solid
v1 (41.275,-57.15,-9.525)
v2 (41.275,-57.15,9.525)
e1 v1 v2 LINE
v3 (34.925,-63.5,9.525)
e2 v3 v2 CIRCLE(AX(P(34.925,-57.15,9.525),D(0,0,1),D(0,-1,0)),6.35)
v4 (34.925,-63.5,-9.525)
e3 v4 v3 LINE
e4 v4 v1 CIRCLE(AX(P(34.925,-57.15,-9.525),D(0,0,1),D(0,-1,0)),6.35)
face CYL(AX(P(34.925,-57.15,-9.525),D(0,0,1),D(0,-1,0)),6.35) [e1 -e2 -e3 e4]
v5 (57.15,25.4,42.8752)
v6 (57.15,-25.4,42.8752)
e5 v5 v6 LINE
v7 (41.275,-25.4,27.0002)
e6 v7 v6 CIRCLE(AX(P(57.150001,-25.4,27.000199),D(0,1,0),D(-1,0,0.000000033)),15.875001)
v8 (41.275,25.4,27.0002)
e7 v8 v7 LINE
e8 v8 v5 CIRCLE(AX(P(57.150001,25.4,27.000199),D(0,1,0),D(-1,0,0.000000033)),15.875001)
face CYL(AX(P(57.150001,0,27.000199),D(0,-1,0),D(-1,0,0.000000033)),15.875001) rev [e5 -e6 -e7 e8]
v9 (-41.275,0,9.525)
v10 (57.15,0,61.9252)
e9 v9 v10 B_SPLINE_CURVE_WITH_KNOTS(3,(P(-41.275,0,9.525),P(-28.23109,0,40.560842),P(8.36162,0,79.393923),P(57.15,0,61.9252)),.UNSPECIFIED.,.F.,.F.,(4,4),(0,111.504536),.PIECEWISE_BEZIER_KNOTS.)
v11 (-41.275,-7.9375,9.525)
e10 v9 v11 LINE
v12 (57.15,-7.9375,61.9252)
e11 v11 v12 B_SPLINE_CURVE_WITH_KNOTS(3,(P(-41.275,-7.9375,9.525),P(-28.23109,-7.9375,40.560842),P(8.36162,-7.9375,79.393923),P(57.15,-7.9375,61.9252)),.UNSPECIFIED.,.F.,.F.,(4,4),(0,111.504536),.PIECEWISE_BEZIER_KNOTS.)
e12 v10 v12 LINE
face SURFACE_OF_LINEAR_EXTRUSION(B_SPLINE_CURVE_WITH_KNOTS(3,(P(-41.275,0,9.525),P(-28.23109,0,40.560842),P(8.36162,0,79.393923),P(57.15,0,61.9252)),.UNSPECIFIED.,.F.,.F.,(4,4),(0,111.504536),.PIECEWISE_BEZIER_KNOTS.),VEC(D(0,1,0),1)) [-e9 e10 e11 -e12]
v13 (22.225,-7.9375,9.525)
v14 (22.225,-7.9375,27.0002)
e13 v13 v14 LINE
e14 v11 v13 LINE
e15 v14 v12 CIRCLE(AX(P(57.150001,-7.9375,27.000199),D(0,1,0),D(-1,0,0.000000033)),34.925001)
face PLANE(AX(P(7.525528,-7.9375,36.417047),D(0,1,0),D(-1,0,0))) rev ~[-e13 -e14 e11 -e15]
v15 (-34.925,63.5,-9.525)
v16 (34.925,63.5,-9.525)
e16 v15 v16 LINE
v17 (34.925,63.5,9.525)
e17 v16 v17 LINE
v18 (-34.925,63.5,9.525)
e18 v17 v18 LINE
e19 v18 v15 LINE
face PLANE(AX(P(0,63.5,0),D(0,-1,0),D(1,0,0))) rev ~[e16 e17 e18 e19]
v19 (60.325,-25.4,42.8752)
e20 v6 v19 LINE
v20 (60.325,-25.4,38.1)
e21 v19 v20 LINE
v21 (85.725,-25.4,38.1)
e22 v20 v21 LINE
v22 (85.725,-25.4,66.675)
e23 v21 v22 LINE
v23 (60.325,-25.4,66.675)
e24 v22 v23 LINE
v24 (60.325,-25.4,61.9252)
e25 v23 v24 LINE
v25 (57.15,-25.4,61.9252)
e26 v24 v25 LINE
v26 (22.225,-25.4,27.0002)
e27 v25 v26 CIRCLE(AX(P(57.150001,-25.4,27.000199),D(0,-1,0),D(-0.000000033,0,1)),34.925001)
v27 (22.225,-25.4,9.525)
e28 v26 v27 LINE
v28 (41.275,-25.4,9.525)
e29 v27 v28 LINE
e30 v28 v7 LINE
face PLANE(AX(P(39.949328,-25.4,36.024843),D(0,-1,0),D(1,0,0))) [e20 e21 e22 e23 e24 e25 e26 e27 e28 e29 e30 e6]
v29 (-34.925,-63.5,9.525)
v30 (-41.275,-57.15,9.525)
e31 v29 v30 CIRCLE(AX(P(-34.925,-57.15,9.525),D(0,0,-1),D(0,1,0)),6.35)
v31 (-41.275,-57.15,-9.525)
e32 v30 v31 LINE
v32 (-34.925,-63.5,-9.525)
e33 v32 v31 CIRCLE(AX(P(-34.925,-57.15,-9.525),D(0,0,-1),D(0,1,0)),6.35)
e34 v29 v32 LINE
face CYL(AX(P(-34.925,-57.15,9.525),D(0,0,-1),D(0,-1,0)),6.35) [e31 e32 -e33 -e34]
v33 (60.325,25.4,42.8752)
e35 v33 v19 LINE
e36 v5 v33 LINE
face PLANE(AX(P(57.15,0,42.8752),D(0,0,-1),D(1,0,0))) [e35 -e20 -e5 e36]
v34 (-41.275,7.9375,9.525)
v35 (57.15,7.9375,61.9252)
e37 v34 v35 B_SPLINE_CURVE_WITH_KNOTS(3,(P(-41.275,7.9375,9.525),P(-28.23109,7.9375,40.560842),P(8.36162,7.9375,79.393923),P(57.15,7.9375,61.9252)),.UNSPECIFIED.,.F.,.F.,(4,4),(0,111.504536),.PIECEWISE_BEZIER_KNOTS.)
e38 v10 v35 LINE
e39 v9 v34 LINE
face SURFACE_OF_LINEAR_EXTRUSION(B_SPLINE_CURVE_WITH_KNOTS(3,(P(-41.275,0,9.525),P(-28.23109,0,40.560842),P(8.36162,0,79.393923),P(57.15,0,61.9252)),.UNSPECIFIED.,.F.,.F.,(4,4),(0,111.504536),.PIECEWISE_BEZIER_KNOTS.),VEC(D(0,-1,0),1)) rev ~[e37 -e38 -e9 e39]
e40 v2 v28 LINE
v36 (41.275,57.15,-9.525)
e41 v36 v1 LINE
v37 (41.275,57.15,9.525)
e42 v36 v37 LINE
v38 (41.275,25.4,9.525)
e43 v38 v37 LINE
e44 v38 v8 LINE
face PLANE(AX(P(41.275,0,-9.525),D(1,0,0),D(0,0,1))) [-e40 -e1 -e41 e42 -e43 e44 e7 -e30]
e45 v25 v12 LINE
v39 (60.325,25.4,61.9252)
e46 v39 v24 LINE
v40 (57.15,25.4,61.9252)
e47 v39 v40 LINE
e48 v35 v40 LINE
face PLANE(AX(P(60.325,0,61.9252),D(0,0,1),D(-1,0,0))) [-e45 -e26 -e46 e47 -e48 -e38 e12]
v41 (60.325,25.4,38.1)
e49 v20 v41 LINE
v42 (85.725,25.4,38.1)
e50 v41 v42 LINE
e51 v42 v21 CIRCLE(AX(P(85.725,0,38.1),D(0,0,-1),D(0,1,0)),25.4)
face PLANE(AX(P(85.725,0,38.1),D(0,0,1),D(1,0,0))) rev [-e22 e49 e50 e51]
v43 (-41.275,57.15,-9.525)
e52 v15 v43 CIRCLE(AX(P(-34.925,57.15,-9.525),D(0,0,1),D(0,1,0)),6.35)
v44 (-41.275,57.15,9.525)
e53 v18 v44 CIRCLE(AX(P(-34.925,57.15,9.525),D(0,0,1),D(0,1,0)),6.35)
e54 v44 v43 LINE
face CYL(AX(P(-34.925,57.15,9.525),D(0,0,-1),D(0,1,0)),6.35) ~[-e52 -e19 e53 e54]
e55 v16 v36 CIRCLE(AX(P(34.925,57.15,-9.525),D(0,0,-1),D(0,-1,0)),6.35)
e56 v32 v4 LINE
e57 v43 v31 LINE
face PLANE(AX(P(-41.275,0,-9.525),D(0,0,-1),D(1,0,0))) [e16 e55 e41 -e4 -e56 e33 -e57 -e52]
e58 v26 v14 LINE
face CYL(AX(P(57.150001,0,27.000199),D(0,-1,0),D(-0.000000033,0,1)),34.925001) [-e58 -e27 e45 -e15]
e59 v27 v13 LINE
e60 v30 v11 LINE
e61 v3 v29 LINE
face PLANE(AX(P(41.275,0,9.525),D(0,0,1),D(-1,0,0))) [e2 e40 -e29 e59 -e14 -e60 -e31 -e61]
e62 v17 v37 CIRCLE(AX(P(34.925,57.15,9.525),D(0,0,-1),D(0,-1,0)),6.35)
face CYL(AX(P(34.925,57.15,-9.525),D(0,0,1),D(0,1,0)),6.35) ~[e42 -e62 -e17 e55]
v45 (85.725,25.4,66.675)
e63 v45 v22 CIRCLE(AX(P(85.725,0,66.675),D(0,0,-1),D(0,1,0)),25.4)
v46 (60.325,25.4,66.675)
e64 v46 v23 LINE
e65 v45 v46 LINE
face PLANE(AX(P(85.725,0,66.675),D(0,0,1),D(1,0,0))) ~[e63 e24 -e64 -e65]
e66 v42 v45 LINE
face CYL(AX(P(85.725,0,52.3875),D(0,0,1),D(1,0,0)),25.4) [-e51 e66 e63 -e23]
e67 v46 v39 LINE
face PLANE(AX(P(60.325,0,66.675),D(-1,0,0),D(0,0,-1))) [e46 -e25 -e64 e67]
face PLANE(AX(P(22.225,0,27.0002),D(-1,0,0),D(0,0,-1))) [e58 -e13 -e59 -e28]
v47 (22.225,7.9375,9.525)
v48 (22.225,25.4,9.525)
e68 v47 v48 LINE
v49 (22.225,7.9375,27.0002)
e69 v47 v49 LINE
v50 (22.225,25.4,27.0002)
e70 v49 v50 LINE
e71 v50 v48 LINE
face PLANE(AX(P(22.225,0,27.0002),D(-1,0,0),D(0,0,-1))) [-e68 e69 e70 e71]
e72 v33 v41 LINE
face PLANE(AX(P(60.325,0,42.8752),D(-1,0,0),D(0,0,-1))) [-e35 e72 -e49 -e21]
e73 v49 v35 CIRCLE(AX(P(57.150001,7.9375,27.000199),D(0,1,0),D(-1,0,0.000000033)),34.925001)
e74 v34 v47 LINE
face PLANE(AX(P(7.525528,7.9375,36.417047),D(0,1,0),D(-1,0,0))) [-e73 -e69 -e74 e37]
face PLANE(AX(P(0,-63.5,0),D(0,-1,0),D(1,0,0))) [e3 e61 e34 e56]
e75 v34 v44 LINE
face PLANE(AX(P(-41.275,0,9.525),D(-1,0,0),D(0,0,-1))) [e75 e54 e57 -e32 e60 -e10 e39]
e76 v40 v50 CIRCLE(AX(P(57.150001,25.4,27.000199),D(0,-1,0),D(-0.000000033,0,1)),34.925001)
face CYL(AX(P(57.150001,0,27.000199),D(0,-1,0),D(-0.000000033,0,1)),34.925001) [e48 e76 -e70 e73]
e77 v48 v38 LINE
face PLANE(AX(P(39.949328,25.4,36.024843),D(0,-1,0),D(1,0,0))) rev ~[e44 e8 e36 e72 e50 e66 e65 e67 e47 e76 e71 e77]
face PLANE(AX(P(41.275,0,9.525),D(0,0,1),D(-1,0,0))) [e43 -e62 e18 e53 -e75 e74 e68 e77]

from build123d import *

# Parameters (mm, degrees)
F1_DEPTH = 63.5
F2_DEPTH = 25.4
F3_DEPTH = 7.9375
F0_W     = 25.4
F0_H     = 28.575
F5_R     = 6.35


with BuildPart() as f1:
    # F0 (on Front) → F1 (new body, symmetric)
    with BuildSketch(Plane.XZ):
        Polygon((-41.275, 9.525), (-41.275, -9.525), (41.275, -9.525), (41.275, 9.525), (22.225, 9.525), align=None)
    extrude(amount=F1_DEPTH, both=True)

    # F0 (on Front) → F2 (join, symmetric)
    with BuildSketch(Plane.XZ):
        with BuildLine():
            Line((22.225, 9.525), (41.275, 9.525))
            Line((41.275, 9.525), (41.275, 27.0002))
            ThreePointArc((41.275, 27.0002), (45.92468, 38.22552), (57.15, 42.8752))
            Line((57.15, 42.8752), (60.325, 42.8752))
            Line((60.325, 42.8752), (60.325, 61.9252))
            Line((60.325, 61.9252), (57.15, 61.9252))
            ThreePointArc((57.15, 61.9252), (32.454296, 51.695904), (22.225, 27.0002))
            Line((22.225, 27.0002), (22.225, 9.525))
        make_face()
        Polygon((60.325, 66.675), (60.325, 61.9252), (60.325, 42.8752), (60.325, 38.1), (85.725, 38.1), (85.725, 66.675), align=None)
    extrude(amount=F2_DEPTH, both=True)

    # F0 (on Front) → F3 (join, symmetric)
    with BuildSketch(Plane.XZ):
        with BuildLine():
            add(Edge.make_bspline(
                [(-41.275, 9.525), (-28.23109, 40.560842), (8.36162, 79.393923), (57.15, 61.9252)],
                knots=[0, 0, 0, 0, 111.504536, 111.504536, 111.504536, 111.504536], degree=3))
            Line((-41.275, 9.525), (22.225, 9.525))
            Line((22.225, 9.525), (22.225, 27.0002))
            ThreePointArc((22.225, 27.0002), (32.454296, 51.695904), (57.15, 61.9252))
        make_face()
    extrude(amount=F3_DEPTH, both=True)

    # F0 (on Front) → F4 (revolve)
    with BuildSketch(Plane.XZ):
        with Locations((98.425, 52.3875)):
            Rectangle(F0_W, F0_H)
    revolve(axis=Axis((85.725, 0, 52.3875), (0, 0, 1)))

    # F5
    f5_edges = [f1.edges().sort_by_distance(p)[0] for p in [
        (-41.275, -63.5, 0),
        (41.275, -63.5, 0),
        (41.275, 63.5, 0),
        (-41.275, 63.5, 0),
    ]]
    fillet(f5_edges, radius=F5_R)


solid = f1.part
